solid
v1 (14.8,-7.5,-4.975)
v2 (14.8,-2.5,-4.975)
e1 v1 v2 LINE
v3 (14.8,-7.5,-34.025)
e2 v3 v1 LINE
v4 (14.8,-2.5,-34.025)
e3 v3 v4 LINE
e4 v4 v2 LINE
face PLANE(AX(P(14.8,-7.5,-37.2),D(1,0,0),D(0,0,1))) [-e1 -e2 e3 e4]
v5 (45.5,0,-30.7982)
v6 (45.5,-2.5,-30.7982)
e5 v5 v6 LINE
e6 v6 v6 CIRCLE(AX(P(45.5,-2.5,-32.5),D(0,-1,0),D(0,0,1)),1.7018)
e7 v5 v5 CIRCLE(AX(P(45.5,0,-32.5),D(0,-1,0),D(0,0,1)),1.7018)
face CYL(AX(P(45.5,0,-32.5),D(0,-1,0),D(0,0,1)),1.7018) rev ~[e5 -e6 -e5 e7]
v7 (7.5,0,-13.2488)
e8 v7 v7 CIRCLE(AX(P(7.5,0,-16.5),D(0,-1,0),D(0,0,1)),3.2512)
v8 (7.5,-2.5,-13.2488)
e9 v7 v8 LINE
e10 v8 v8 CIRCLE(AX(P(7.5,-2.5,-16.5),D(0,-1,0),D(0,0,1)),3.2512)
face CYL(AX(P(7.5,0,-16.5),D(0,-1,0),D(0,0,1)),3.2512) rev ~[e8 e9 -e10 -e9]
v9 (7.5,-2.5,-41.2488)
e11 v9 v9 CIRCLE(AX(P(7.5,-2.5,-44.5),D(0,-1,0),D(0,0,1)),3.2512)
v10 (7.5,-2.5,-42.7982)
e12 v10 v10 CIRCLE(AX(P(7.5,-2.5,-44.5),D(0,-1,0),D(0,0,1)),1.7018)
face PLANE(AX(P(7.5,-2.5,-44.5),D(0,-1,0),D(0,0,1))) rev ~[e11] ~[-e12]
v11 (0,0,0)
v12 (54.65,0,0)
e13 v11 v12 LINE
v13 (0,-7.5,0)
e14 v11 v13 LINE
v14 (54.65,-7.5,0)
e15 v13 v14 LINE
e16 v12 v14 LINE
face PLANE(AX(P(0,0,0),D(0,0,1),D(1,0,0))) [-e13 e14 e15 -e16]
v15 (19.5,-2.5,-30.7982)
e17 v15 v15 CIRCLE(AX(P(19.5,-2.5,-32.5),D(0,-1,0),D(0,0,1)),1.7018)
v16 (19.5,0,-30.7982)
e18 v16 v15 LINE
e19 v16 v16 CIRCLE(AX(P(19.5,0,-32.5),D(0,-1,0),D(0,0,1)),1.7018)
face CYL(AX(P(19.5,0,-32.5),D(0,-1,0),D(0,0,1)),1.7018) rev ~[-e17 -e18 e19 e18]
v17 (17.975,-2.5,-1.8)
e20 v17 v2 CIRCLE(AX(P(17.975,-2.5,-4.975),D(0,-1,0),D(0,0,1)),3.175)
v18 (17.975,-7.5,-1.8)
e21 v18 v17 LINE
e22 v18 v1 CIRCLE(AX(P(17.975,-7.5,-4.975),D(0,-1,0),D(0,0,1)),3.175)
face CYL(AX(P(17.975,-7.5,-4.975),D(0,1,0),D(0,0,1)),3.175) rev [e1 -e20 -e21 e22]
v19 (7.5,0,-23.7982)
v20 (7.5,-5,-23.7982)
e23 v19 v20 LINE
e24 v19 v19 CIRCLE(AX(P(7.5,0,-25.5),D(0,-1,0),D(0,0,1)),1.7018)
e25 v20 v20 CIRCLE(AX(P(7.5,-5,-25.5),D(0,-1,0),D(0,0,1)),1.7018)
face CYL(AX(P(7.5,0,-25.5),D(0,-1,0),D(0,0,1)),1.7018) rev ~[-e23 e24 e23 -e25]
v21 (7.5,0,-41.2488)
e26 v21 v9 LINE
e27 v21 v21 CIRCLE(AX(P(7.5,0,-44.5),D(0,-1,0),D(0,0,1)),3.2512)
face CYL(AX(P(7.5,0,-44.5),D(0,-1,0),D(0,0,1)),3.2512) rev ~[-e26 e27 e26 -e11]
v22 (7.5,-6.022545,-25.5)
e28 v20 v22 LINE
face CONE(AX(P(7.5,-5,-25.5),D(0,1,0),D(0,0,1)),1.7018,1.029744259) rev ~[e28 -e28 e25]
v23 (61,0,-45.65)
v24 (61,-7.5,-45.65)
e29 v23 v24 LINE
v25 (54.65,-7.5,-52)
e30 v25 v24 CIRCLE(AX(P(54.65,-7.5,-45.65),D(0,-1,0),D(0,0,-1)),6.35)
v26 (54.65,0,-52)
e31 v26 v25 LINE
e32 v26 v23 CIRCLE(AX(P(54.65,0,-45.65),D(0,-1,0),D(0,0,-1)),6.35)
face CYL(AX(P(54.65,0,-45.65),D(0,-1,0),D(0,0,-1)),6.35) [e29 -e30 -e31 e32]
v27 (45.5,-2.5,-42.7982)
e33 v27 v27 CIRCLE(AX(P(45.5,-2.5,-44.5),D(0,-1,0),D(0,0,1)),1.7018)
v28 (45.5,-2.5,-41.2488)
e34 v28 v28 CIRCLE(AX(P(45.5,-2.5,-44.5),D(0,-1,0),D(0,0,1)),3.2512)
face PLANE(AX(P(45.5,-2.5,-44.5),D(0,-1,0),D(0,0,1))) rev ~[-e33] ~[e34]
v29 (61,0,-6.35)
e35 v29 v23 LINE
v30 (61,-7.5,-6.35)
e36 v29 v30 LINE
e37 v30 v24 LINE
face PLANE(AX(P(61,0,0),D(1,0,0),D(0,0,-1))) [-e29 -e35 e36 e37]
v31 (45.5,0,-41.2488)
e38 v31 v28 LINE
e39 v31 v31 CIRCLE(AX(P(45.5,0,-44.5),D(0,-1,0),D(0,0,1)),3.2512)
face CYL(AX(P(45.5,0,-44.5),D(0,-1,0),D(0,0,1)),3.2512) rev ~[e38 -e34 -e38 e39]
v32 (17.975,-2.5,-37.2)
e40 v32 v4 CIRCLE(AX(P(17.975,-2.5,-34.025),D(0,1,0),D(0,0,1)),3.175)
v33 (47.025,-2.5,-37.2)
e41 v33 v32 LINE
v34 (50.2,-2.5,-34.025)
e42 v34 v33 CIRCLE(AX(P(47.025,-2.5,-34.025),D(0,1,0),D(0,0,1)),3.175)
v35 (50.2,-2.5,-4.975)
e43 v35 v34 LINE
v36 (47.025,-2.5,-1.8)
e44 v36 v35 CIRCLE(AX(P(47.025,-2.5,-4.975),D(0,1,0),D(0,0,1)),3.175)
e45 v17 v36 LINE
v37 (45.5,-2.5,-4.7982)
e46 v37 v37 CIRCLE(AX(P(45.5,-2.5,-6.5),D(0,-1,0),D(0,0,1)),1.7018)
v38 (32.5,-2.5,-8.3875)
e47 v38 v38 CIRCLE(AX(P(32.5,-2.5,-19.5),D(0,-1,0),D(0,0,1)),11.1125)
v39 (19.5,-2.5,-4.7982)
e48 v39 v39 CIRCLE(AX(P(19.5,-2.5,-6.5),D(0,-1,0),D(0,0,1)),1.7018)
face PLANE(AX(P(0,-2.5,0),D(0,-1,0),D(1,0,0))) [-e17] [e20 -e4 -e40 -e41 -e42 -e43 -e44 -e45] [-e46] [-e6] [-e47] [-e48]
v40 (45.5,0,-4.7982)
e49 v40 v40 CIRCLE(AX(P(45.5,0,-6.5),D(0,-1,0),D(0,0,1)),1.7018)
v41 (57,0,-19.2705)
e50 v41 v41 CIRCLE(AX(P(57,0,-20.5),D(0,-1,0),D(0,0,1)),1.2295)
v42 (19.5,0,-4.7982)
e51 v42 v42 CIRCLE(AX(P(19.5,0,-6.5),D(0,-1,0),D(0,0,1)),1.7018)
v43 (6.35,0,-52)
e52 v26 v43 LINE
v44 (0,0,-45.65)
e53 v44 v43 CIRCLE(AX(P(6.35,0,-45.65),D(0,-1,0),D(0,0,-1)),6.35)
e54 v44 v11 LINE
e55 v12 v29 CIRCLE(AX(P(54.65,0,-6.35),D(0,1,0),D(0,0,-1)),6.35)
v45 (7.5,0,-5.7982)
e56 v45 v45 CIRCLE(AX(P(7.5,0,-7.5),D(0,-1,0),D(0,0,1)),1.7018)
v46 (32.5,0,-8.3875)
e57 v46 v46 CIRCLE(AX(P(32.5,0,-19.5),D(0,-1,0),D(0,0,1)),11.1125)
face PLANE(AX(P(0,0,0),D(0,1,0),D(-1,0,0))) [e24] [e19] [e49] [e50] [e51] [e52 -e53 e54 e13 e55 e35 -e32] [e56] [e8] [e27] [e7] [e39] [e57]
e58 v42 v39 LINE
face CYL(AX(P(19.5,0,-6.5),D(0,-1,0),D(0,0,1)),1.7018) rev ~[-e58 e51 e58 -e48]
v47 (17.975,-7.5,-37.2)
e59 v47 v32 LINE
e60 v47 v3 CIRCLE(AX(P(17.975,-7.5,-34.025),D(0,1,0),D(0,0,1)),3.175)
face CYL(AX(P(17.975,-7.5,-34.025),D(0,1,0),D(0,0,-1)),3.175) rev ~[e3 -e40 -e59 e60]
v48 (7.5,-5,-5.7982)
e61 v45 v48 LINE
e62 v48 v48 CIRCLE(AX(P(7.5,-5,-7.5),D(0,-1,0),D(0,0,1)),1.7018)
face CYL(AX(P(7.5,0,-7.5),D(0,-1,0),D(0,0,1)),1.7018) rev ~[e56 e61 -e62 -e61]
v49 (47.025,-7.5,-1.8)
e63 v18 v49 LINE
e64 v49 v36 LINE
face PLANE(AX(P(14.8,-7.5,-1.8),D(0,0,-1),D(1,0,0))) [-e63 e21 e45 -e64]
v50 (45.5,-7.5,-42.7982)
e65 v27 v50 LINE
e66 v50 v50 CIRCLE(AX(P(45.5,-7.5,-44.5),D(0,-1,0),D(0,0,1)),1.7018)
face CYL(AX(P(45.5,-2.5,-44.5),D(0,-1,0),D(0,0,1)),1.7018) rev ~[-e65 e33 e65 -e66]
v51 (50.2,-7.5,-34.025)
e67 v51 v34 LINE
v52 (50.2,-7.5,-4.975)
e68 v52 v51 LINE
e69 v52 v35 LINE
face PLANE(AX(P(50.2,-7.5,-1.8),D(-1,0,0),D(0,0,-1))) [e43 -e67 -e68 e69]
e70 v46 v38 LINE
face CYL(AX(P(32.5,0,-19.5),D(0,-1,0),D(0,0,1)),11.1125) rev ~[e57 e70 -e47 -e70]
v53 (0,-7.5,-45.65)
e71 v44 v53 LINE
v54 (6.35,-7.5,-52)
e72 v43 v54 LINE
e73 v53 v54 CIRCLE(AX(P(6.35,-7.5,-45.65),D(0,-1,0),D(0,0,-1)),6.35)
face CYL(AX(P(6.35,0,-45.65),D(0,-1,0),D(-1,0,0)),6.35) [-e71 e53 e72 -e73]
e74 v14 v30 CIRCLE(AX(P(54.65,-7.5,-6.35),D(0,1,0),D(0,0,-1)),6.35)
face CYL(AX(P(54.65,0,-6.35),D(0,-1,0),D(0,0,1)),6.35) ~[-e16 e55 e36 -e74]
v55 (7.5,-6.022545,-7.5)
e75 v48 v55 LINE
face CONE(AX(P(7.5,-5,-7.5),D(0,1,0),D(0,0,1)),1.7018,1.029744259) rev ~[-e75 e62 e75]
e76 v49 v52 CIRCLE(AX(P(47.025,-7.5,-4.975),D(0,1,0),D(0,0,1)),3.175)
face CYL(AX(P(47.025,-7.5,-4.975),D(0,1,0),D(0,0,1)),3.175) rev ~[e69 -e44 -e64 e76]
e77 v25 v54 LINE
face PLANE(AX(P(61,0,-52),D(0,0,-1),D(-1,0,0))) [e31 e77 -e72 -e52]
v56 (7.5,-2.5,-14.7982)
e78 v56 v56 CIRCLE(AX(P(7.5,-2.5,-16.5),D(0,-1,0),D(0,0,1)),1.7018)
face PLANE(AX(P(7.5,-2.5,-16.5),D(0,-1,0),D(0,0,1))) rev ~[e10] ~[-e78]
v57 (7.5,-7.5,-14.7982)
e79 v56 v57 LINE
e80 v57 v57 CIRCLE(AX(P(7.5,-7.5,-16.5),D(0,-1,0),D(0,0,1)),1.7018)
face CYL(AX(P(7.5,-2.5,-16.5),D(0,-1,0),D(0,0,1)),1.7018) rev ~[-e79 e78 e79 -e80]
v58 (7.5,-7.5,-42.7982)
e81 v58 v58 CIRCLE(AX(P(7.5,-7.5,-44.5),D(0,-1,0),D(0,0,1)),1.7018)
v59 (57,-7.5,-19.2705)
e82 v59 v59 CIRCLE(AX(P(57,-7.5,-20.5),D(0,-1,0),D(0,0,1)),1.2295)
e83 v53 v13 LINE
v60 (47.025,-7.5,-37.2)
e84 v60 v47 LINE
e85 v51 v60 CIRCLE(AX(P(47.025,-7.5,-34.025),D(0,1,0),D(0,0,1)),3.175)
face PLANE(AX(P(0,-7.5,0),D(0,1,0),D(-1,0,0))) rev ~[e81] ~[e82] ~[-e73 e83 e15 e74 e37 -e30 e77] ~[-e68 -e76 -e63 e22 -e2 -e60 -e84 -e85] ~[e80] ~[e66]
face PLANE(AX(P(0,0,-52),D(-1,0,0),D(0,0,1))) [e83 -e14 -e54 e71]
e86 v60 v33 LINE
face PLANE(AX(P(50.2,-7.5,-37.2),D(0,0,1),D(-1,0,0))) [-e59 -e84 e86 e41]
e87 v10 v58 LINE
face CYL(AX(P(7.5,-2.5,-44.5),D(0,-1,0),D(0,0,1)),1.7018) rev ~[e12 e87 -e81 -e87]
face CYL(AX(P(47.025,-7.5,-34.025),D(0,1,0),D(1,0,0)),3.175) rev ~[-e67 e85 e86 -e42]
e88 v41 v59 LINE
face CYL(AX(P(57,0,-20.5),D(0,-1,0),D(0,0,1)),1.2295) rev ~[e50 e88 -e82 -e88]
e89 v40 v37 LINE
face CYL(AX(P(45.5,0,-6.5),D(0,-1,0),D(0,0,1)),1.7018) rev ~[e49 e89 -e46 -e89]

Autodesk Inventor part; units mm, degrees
ref_plane "YZ Plane" through (0, 0, 0) normal (1, 0, 0) x (0, 1, 0)
ref_plane "XZ Plane" through (0, 0, 0) normal (0, 1, 0) x (-1, 0, 0)
ref_plane "XY Plane" through (0, 0, 0) normal (0, 0, 1) x (1, 0, 0)
sketch "Main Sketch" plane through (0, 0, 0) normal (0, 1, 0) x (-1, 0, 0)
  line L0 (0, 0) -> (-61, 0)
  line L1 (-61, 0) -> (-61, -52)
  line L2 (-61, -52) -> (0, -52)
  line L3 (0, -52) -> (0, 0)
  circle A0 centre (-7.5, -7.5) radius 1.5
  circle A1 centre (-7.5, -16.5) radius 1.5
  circle A2 centre (-7.5, -25.5) radius 1.5
  circle A3 centre (-19.5, -6.5) radius 1.5
  circle A4 centre (-45.5, -6.5) radius 1.5
  circle A5 centre (-19.5, -32.5) radius 1.5
  circle A6 centre (-45.5, -32.5) radius 1.5
  circle A7 centre (-7.5, -44.5) radius 1.5
  circle A8 centre (-45.5, -44.5) radius 1.5
  circle A9 centre (-57, -20.5) radius 1.5
  circle A10 centre (-32.5, -19.5) radius 11.1125
  dimension "d126" = 61
  dimension "d127" = 52
  dimension "d128" = 3
  dimension "d129" = 7.5
  dimension "d130" = 25.5
  dimension "d131" = 16.5
  dimension "d132" = 7.5
  dimension "d133" = 3
  dimension "d134" = 6.5
  dimension "d135" = 19.5
  dimension "d137" = 45.5
  dimension "d138" = 32.5
  dimension "d139" = 44.5
  dimension "d159" = 57
  dimension "d160" = 20.5
  dimension "d175" = 22.225
  dimension "d176" = 32.5
  dimension "d177" = 19.5
extrude "Extrusion10" add sketch "Main Sketch" against normal blind 7.5 contours L3 L2 L1 L0 | A0 | A1 | A2 | A3 | A4 | A5 | A6 | A7 | A8 | A9 | A10
hole "Hole14" at (19.5, 0, -32.5) at (45.5, 0, -32.5) at (45.5, 0, -6.5) at (19.5, 0, -6.5) direction (0, -1, 0) diameter 3.4036 end through all clearance for "Socket Head Cap Screw" size "M3" standard "Ansi Metric M Profile"
hole "Frame Mounting Holes" at (7.5, 0, -16.5) at (7.5, 0, -44.5) at (45.5, 0, -44.5) direction (0, -1, 0) diameter 3.4036 end through all counterbore diameter 6.5024 counterbore depth 2.5 clearance for "Socket Head Cap Screw" size "M3" standard "Ansi Metric M Profile"
hole "Hole16" at (57, 0, -20.5) direction (0, -1, 0) diameter 2.459 end through all thread size "M3x0.5" class "6H" standard "ANSI Metric M Profile"
hole "Pin Mounting Holes" at (7.5, 0, -25.5) at (7.5, 0, -7.5) direction (0, -1, 0) diameter 3.4036 depth 5 tip angle 118 clearance for "Socket Head Cap Screw" size "M3" standard "Ansi Metric M Profile"
hole "Hole18" at (32.5, 0, -19.5) direction (0, -1, 0) diameter 22.225 end through all
sketch "Sketch15" plane through (0, -7.5, 0) normal (0, -1, 0) x (1, 0, 0)
  circle A0 centre (32.5, -19.5) radius 11.1125 projected
  circle A1 centre (57, -20.5) radius 1.2295 projected
  circle A2 centre (7.5, -16.5) radius 1.7018 projected
  circle A3 centre (19.5, -6.5) radius 1.7018 projected
  circle A4 centre (45.5, -6.5) radius 1.7018 projected
  circle A5 centre (45.5, -32.5) radius 1.7018 projected
  circle A6 centre (19.5, -32.5) radius 1.7018 projected
  line L0 (61, -52) -> (61, 0) projected
  line L1 (61, 0) -> (0, 0) projected
  line L2 (0, 0) -> (0, -52) projected
  line L3 (0, -52) -> (61, -52) projected
  line L4 (14.8, -1.8) -> (50.2, -1.8)
  line L5 (50.2, -1.8) -> (50.2, -37.2)
  line L6 (50.2, -37.2) -> (14.8, -37.2)
  line L7 (14.8, -37.2) -> (14.8, -1.8)
  dimension "d185" = 14.8
  dimension "d186" = 1.8
  dimension "d187" = 35.4
  dimension "d188" = 35.4
extrude "Extrusion11" cut sketch "Sketch15" against normal blind 5 contours L4 L5 L6 L7
fillet "Fillet1" radius 3.175 4 edges at (14.8, -5, -1.8) (50.2, -5, -1.8) (50.2, -5, -37.2) (14.8, -5, -37.2)
fillet "Fillet2" radius 6.35 3 edges at (61, -3.75, 0) (61, -3.75, -52) (0, -3.75, -52)
equation "\"d131\" = 0.5 * d130 + 0.5 * d129"
properties part number "A Drive Frame Lower" material "Aluminum 6061"
